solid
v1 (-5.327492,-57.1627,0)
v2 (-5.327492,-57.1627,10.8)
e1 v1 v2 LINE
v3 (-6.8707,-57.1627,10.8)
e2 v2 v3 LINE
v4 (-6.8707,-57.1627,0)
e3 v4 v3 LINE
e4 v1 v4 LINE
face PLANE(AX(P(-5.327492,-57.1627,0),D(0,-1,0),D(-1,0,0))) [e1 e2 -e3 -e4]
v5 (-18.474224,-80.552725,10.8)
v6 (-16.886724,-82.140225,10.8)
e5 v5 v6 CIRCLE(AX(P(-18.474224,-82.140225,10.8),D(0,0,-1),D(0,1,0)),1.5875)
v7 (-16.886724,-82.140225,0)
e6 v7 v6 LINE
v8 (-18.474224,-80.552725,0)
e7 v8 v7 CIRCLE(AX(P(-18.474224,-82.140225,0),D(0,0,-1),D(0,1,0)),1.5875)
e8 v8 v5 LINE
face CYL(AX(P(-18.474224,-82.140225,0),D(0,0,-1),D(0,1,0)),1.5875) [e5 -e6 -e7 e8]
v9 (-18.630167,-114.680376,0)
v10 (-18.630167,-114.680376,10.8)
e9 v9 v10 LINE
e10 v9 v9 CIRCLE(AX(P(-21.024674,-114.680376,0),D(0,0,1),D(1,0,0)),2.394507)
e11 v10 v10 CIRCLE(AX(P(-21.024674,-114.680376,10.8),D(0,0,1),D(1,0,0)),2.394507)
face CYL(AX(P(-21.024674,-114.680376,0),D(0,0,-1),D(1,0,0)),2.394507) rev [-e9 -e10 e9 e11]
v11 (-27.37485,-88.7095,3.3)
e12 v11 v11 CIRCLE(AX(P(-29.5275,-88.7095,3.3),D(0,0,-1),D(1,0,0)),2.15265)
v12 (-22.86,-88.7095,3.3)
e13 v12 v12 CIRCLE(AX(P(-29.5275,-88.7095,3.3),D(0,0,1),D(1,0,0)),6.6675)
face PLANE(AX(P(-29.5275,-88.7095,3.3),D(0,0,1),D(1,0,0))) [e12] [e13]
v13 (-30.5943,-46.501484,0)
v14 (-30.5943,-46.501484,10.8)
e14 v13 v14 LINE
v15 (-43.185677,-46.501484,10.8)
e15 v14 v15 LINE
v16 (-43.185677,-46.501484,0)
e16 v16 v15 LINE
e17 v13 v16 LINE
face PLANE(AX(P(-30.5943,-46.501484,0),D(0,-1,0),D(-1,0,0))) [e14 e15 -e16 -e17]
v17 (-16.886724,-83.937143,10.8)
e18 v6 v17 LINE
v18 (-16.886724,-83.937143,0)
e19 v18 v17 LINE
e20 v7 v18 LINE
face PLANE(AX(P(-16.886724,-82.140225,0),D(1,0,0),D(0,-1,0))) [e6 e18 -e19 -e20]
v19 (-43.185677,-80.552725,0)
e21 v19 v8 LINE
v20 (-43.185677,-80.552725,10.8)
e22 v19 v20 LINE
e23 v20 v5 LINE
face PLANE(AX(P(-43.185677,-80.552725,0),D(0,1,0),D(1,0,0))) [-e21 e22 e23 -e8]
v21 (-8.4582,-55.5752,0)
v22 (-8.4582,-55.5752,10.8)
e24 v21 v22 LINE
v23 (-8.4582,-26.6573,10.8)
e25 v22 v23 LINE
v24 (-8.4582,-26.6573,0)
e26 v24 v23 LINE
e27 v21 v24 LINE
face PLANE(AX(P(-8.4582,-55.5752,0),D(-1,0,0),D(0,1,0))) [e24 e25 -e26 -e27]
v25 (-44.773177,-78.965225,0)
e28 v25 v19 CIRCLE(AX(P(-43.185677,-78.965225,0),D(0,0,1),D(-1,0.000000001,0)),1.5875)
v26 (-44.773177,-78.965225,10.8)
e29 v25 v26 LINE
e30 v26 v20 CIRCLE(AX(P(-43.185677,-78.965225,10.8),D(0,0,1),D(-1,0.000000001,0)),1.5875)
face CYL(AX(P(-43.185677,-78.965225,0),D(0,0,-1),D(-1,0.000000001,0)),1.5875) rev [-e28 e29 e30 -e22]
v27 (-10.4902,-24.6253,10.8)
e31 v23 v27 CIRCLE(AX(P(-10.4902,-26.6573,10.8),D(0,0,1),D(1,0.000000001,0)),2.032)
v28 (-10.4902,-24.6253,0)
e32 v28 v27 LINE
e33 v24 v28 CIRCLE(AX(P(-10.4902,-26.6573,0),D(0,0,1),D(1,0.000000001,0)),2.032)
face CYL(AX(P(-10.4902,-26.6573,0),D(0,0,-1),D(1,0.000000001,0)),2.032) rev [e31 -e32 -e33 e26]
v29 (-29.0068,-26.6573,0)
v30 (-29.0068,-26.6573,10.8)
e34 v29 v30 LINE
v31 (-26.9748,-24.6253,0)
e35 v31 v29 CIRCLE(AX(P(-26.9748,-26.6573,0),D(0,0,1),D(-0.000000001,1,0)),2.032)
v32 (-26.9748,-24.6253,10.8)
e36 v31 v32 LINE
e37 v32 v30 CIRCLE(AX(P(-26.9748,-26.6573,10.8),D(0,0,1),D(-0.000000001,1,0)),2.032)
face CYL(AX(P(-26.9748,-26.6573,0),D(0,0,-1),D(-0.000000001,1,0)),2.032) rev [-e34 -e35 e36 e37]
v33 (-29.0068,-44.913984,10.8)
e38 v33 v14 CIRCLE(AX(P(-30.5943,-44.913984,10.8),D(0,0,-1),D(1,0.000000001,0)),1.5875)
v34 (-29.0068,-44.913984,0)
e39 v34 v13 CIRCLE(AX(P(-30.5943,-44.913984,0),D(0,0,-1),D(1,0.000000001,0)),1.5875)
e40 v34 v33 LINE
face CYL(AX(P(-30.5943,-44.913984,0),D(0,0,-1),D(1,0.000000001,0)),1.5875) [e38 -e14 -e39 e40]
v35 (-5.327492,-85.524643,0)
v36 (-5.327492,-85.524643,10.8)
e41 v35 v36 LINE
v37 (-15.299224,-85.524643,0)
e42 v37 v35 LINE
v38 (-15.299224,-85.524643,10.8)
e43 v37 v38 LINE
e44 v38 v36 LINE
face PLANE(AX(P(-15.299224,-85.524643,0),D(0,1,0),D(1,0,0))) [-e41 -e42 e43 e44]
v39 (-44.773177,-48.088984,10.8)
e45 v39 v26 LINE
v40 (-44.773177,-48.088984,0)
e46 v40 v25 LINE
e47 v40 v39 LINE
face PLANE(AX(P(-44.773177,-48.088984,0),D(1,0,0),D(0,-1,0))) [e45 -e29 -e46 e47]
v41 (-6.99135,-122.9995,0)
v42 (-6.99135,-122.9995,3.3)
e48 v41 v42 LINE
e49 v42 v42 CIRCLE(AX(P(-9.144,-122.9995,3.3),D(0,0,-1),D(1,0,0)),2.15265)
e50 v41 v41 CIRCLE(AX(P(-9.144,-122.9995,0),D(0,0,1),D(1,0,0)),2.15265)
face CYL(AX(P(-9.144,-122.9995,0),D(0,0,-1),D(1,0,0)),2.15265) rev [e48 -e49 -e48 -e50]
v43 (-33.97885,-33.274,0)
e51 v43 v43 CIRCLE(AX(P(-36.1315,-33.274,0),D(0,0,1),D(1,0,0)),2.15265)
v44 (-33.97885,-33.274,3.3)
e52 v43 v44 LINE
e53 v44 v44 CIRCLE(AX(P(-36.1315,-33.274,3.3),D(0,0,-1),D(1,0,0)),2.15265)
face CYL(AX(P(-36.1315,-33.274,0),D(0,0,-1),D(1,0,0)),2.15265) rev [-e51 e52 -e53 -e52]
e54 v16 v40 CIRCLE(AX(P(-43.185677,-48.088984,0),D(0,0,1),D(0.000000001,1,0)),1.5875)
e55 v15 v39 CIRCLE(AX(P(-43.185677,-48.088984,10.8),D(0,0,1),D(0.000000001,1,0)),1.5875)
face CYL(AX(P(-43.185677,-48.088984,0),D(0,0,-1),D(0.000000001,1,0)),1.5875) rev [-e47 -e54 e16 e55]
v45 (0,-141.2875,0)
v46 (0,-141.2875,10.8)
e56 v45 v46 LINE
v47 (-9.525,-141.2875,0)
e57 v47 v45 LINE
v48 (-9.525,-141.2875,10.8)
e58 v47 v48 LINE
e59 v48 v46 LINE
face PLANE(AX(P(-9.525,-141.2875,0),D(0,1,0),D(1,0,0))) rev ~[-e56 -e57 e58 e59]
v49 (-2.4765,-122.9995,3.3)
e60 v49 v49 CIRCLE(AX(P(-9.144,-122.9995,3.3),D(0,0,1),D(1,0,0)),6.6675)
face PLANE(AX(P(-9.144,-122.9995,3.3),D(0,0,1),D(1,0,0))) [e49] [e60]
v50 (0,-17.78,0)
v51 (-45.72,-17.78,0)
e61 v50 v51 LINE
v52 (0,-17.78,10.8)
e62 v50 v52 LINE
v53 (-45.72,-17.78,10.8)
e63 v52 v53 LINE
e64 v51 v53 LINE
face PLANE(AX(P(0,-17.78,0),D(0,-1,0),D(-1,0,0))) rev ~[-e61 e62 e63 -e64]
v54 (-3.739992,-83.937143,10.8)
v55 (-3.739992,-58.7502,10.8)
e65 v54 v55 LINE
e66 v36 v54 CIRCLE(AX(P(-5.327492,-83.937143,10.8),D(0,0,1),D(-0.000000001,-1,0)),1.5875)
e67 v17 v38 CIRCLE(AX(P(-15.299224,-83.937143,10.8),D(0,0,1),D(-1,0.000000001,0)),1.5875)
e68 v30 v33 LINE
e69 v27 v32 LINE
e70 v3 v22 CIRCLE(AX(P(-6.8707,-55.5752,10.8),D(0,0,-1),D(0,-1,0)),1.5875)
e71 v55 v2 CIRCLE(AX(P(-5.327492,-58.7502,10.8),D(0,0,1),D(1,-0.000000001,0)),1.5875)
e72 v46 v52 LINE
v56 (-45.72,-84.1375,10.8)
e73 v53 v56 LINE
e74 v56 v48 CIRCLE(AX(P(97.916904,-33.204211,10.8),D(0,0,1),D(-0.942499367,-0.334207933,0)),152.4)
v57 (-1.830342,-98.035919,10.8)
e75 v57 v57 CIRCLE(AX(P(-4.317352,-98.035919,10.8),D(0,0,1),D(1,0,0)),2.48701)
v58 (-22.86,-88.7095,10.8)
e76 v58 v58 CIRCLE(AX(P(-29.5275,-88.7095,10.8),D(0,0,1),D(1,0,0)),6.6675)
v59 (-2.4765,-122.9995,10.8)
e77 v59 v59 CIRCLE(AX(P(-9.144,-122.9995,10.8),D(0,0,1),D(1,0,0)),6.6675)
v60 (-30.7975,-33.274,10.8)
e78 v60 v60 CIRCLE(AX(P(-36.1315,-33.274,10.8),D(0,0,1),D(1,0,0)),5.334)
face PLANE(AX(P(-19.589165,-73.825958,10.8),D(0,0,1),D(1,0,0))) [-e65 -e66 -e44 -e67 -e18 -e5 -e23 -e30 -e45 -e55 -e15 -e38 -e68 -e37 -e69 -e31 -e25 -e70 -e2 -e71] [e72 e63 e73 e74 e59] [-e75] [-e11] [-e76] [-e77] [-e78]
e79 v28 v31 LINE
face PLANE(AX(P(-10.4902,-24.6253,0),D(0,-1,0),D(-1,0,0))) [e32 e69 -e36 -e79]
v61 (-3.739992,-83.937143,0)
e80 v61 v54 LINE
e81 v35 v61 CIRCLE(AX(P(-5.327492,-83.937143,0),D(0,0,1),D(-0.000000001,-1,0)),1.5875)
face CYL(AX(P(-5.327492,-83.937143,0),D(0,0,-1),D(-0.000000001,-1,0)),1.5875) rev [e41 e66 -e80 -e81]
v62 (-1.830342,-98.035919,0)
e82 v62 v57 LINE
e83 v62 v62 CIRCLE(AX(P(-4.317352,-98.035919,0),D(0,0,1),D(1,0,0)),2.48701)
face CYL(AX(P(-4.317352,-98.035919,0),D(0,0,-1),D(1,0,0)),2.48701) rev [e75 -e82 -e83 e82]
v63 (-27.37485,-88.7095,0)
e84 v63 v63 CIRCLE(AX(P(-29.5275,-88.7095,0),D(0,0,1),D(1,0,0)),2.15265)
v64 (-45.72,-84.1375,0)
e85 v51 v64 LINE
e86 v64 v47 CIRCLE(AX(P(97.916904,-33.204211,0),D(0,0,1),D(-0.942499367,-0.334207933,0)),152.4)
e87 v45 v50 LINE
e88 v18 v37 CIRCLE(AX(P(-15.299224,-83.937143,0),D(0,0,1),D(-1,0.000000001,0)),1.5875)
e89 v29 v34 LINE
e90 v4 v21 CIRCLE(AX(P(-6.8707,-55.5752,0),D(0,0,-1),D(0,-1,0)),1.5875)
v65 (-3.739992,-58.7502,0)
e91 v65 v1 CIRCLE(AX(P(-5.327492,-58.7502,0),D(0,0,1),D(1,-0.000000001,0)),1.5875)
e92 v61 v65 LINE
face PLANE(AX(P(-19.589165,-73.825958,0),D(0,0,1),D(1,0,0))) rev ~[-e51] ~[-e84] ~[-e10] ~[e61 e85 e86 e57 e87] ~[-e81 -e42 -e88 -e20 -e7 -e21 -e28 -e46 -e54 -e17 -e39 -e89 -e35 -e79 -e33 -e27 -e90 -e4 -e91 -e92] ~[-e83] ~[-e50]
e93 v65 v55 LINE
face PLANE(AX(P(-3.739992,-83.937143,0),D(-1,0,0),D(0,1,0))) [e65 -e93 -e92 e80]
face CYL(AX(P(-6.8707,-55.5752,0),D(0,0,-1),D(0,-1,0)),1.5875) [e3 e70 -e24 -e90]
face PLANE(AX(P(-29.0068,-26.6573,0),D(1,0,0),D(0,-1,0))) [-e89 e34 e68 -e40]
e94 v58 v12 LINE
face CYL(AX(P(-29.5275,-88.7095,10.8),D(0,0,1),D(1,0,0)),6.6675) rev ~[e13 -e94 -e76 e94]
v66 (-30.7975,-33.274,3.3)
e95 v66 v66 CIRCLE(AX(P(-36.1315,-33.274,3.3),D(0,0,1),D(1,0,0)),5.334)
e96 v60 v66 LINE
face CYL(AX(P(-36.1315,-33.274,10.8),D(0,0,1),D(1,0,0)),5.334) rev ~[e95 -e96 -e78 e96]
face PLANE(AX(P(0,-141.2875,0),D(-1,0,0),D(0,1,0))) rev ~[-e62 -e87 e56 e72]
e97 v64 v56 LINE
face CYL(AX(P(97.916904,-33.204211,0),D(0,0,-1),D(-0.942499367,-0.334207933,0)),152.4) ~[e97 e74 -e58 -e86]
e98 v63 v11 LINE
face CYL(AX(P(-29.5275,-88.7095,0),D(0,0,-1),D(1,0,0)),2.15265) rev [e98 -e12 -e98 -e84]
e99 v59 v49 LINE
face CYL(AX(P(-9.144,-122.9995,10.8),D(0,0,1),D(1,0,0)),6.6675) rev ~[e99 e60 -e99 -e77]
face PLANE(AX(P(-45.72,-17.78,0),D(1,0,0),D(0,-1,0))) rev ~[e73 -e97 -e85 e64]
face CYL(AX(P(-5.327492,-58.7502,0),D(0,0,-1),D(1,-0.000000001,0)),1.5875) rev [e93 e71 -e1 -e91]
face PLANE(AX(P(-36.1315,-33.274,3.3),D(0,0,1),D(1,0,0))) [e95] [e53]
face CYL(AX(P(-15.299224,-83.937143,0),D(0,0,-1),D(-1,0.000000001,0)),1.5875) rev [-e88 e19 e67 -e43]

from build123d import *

# Parameters (mm, degrees)
SKETCH1_R           = 2.15265
SKETCH1_R_2         = 2.487009827
SKETCH1_R_3         = 2.39450721
BOSS_EXTRUDE1_DEPTH = 10.8
SKETCH3_R           = 6.6675
SKETCH3_R_2         = 5.334
CUT_EXTRUDE1_DEPTH  = 7.5


with BuildPart() as part:
    # Sketch1 → Boss-Extrude1 (new body)
    with BuildSketch(Plane.XY):
        with BuildLine():
            Line((0, -17.78), (-45.72, -17.78))
            Line((-45.72, -17.78), (-45.72, -84.1375))
            ThreePointArc((-45.72, -84.1375), (-30.833523511, -114.746148224), (-9.525, -141.2875))
            Line((-9.525, -141.2875), (0, -141.2875))
            Line((0, -141.2875), (0, -17.78))
        make_face()
        with Locations((-36.1315, -33.274)):
            Circle(SKETCH1_R, mode=Mode.SUBTRACT)
        with Locations((-29.5275, -88.7095)):
            Circle(SKETCH1_R, mode=Mode.SUBTRACT)
        with Locations((-9.144, -122.9995)):
            Circle(SKETCH1_R, mode=Mode.SUBTRACT)
        with Locations((-4.3173518, -98.035919174)):
            Circle(SKETCH1_R_2, mode=Mode.SUBTRACT)
        with Locations((-21.024674116, -114.680376144)):
            Circle(SKETCH1_R_3, mode=Mode.SUBTRACT)
        with BuildLine():
            Line((-30.5943, -46.501483685), (-43.185677441, -46.501483685))
            ThreePointArc((-43.185677441, -46.501483685), (-44.308209457, -46.96645167), (-44.773177441, -48.088983685))
            Line((-44.773177441, -48.088983685), (-44.773177441, -78.965225138))
            ThreePointArc((-44.773177441, -78.965225138), (-44.308209457, -80.087757153), (-43.185677441, -80.552725138))
            Line((-43.185677441, -80.552725138), (-18.474223541, -80.552725138))
            ThreePointArc((-18.474223541, -80.552725138), (-17.351691526, -81.017693123), (-16.886723541, -82.140225138))
            Line((-16.886723541, -82.140225138), (-16.886723541, -83.937143103))
            ThreePointArc((-16.886723541, -83.937143103), (-16.421755557, -85.059675118), (-15.299223541, -85.524643103))
            Line((-15.299223541, -85.524643103), (-5.327492268, -85.524643103))
            ThreePointArc((-5.327492268, -85.524643103), (-4.204960252, -85.059675118), (-3.739992268, -83.937143103))
            Line((-3.739992268, -83.937143103), (-3.739992268, -58.7502))
            ThreePointArc((-3.739992268, -58.7502), (-4.204960252, -57.627667985), (-5.327492268, -57.1627))
            Line((-5.327492268, -57.1627), (-6.8707, -57.1627))
            ThreePointArc((-6.8707, -57.1627), (-7.993232015, -56.697732015), (-8.4582, -55.5752))
            Line((-8.4582, -55.5752), (-8.4582, -26.6573))
            ThreePointArc((-8.4582, -26.6573), (-9.053359021, -25.220459021), (-10.4902, -24.6253))
            Line((-10.4902, -24.6253), (-26.9748, -24.6253))
            ThreePointArc((-26.9748, -24.6253), (-28.411640979, -25.220459021), (-29.0068, -26.6573))
            Line((-29.0068, -26.6573), (-29.0068, -44.913983685))
            ThreePointArc((-29.0068, -44.913983685), (-29.471767985, -46.036515701), (-30.5943, -46.501483685))
        make_face(mode=Mode.SUBTRACT)
    extrude(amount=BOSS_EXTRUDE1_DEPTH)

    # Sketch3 → Cut-Extrude1 (cut)
    with BuildSketch(Plane.XY.offset(10.8)):
        with Locations((-9.144, -122.9995)):
            Circle(SKETCH3_R)
        with Locations((-29.5275, -88.7095)):
            Circle(SKETCH3_R)
        with Locations((-36.1315, -33.274)):
            Circle(SKETCH3_R_2)
    extrude(amount=-CUT_EXTRUDE1_DEPTH, mode=Mode.SUBTRACT)


solid = part.part
